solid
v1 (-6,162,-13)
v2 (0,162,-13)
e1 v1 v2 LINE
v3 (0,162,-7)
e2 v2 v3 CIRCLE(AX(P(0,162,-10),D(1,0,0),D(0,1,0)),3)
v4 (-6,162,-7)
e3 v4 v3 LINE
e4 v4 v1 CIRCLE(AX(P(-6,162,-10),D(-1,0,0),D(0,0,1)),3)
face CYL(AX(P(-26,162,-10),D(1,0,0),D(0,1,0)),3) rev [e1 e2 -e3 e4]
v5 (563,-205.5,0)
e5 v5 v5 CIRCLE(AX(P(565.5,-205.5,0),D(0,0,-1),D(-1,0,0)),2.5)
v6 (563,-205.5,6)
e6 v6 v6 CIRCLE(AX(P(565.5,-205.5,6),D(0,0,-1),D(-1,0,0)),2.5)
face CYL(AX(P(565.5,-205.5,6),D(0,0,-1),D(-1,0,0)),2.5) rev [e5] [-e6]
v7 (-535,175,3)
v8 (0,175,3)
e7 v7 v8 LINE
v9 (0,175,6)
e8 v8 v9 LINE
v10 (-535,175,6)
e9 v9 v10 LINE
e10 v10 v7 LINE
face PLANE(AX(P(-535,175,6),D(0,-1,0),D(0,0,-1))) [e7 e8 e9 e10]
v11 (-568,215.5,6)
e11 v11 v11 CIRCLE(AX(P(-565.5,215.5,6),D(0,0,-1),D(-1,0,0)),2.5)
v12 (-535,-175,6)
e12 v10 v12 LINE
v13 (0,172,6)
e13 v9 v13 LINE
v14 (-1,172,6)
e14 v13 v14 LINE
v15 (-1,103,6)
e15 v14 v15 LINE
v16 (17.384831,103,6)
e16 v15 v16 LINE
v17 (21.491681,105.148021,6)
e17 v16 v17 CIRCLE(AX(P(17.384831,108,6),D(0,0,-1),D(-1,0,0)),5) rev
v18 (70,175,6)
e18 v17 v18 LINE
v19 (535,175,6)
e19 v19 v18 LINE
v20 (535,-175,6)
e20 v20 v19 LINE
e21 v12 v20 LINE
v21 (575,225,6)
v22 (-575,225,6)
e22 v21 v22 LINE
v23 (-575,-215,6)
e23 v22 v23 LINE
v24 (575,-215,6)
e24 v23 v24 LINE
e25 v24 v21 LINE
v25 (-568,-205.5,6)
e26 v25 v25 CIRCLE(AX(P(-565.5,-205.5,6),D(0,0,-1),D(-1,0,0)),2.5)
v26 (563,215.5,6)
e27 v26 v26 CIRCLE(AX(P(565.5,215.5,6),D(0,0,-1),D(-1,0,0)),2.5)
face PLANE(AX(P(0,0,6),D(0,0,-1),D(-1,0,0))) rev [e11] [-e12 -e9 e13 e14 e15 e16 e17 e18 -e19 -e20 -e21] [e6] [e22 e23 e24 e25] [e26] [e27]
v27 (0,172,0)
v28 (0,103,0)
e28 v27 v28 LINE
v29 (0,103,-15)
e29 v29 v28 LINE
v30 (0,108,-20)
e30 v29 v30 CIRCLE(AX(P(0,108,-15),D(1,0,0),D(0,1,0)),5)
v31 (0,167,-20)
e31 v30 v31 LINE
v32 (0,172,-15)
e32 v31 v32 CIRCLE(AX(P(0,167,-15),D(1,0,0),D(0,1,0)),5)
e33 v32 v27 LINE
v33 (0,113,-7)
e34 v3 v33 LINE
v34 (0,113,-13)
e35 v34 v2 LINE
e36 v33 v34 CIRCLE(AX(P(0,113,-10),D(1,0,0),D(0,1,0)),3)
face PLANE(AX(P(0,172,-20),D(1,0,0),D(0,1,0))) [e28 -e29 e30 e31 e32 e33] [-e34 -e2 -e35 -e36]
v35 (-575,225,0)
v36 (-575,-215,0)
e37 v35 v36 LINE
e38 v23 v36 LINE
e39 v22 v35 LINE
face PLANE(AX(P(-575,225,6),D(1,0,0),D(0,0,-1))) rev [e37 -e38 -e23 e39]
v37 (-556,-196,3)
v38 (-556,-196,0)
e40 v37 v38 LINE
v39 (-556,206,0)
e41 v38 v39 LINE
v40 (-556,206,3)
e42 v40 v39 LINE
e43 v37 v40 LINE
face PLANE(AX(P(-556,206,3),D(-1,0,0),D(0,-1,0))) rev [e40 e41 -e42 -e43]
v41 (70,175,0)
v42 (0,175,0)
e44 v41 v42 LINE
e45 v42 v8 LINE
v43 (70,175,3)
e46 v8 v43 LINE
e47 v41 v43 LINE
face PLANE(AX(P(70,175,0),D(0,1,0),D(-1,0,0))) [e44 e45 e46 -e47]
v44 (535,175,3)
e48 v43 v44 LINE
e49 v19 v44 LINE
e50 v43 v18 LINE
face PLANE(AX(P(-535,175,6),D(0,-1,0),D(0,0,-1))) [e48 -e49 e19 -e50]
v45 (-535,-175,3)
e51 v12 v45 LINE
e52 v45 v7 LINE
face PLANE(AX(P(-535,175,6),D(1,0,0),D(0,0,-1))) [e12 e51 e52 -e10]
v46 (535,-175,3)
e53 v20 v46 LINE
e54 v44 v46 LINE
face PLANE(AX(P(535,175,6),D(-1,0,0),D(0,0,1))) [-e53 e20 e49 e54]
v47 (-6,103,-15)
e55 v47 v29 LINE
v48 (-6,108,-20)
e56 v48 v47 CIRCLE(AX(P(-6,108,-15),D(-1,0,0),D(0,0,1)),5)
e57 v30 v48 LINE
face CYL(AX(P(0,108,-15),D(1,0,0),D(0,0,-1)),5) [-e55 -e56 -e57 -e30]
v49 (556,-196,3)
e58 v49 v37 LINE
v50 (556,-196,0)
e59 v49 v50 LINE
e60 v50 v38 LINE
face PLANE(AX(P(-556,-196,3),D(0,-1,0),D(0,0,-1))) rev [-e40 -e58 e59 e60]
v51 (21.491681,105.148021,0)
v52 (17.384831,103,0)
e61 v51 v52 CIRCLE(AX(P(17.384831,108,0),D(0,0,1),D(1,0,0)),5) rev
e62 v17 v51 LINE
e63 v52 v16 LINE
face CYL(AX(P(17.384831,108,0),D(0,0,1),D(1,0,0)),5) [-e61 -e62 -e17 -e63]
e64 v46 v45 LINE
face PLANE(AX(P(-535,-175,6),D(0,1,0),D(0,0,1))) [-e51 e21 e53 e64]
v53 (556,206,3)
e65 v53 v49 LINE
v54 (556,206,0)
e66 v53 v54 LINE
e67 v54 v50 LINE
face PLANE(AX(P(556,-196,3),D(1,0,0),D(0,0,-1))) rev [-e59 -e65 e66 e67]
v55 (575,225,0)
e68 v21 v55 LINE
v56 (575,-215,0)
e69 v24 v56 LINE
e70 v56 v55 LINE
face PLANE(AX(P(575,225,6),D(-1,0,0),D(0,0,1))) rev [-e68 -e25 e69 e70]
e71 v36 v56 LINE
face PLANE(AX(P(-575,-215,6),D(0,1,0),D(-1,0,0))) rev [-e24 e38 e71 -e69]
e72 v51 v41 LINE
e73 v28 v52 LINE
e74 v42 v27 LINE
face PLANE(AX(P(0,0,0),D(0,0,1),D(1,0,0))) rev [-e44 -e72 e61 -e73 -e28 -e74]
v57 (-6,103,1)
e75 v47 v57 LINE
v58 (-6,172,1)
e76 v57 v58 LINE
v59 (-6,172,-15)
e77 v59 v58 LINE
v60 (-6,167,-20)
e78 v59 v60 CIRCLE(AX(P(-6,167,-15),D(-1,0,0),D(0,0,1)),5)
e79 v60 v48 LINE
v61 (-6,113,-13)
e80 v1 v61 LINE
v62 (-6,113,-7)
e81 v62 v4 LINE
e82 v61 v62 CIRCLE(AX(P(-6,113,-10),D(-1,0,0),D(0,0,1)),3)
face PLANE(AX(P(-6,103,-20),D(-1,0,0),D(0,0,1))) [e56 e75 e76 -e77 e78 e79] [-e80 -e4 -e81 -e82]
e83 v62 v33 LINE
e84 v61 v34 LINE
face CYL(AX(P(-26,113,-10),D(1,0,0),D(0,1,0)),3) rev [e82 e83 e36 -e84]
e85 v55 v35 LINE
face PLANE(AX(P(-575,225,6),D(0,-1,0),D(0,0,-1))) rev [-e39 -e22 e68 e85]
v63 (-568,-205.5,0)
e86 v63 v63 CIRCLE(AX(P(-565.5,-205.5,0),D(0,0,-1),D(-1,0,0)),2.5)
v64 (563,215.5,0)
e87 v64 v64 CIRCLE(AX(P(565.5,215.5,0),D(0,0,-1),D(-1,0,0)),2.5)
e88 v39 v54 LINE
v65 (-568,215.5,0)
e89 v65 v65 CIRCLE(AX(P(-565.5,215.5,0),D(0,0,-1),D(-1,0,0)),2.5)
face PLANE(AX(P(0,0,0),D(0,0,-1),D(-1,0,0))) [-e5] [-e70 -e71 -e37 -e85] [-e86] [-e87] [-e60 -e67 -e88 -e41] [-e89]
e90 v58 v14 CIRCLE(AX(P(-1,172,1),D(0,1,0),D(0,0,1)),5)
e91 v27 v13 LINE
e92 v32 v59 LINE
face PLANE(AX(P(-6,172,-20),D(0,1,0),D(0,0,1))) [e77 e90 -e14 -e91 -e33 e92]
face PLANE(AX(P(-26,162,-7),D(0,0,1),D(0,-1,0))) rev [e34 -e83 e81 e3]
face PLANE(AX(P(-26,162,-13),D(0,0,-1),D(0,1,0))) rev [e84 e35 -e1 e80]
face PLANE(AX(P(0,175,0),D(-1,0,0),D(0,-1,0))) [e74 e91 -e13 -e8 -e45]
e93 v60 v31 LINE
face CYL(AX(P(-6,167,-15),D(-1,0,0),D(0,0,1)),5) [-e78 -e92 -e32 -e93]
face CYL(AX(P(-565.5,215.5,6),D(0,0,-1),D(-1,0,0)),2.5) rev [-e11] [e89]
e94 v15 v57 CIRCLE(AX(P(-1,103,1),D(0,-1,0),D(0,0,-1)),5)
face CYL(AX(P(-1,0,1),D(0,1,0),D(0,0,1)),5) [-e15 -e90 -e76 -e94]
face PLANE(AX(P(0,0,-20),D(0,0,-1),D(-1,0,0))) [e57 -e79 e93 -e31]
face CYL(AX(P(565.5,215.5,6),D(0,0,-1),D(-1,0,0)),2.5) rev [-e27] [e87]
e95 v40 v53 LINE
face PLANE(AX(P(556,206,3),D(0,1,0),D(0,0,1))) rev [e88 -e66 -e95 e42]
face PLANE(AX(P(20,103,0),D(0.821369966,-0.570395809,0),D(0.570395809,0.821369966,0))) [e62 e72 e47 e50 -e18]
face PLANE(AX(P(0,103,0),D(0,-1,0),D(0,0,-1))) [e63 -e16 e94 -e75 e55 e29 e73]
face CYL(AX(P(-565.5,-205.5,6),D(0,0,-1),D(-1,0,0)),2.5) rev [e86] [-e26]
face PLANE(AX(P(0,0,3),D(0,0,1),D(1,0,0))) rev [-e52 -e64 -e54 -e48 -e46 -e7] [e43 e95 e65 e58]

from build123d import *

# Parameters (mm, degrees)
SKETCH1_W           = 1150
SKETCH1_H           = 440
SKETCH1_W_2         = 1070
SKETCH1_H_2         = 350
BOSS_EXTRUDE1_DEPTH = 6
SKETCH3_R           = 2.5
CUT_EXTRUDE2_DEPTH  = 618.483603021
SKETCH2_W           = 1112
SKETCH2_H           = 402
SKETCH2_W_2         = 1070
SKETCH2_H_2         = 350
CUT_EXTRUDE1_DEPTH  = 3
BOSS_EXTRUDE2_DEPTH = 6
SKETCH5_W           = 6
SKETCH5_H           = 69
BOSS_EXTRUDE3_DEPTH = 26
CUT_EXTRUDE3_DEPTH  = 26
FILLET1_R           = 5


with BuildPart() as part:
    # Sketch1 → Boss-Extrude1 (new body)
    with BuildSketch(Plane.XY):
        with Locations((0, 5)):
            Rectangle(SKETCH1_W, SKETCH1_H)
        Rectangle(SKETCH1_W_2, SKETCH1_H_2, mode=Mode.SUBTRACT)
    extrude(amount=BOSS_EXTRUDE1_DEPTH)

    # Sketch3 → Cut-Extrude2 (cut, through all)
    with BuildSketch(Plane(origin=(0, 0, 0), x_dir=(-1, 0, 0), z_dir=(0, 0, -1))):
        with Locations((-565.5, 215.5)):
            Circle(SKETCH3_R)
        with Locations((565.5, 215.5)):
            Circle(SKETCH3_R)
        with Locations((565.5, -205.5)):
            Circle(SKETCH3_R)
        with Locations((-565.5, -205.5)):
            Circle(SKETCH3_R)
    extrude(amount=-CUT_EXTRUDE2_DEPTH, mode=Mode.SUBTRACT)

    # Sketch2 → Cut-Extrude1 (cut)
    with BuildSketch(Plane(origin=(0, 0, 0), x_dir=(-1, 0, 0), z_dir=(0, 0, -1))):
        with Locations((0, 5)):
            Rectangle(SKETCH2_W, SKETCH2_H)
        Rectangle(SKETCH2_W_2, SKETCH2_H_2, mode=Mode.SUBTRACT)
    extrude(amount=-CUT_EXTRUDE1_DEPTH, mode=Mode.SUBTRACT)

    # Sketch4 → Boss-Extrude2 (add)
    with BuildSketch(Plane.XY.offset(6)):
        Polygon((0, 175), (0, 103), (20, 103), (70, 175), align=None)
    extrude(amount=-BOSS_EXTRUDE2_DEPTH)

    # Sketch5 → Boss-Extrude3 (add)
    with BuildSketch(Plane.XY.offset(6)):
        with Locations((-3, 137.5)):
            Rectangle(SKETCH5_W, SKETCH5_H)
    extrude(amount=-BOSS_EXTRUDE3_DEPTH)

    # Sketch6 → Cut-Extrude3 (cut)
    with BuildSketch(Plane(origin=(0, 0, 0), x_dir=(0, 0, -1), z_dir=(1, 0, 0))):
        with BuildLine():
            Line((13, 162), (13, 113))
            ThreePointArc((13, 113), (10, 110), (7, 113))
            Line((7, 113), (7, 162))
            ThreePointArc((7, 162), (10, 165), (13, 162))
        make_face()
    extrude(amount=-CUT_EXTRUDE3_DEPTH, mode=Mode.SUBTRACT)

    # Fillet1
    fillet1_edges = [part.edges().sort_by_distance(p)[0] for p in [
        (20, 103, 3),
        (-3, 103, -20),
        (-3, 172, -20),
        (-6, 137.5, 6),
    ]]
    fillet(fillet1_edges, radius=FILLET1_R)


solid = part.part
